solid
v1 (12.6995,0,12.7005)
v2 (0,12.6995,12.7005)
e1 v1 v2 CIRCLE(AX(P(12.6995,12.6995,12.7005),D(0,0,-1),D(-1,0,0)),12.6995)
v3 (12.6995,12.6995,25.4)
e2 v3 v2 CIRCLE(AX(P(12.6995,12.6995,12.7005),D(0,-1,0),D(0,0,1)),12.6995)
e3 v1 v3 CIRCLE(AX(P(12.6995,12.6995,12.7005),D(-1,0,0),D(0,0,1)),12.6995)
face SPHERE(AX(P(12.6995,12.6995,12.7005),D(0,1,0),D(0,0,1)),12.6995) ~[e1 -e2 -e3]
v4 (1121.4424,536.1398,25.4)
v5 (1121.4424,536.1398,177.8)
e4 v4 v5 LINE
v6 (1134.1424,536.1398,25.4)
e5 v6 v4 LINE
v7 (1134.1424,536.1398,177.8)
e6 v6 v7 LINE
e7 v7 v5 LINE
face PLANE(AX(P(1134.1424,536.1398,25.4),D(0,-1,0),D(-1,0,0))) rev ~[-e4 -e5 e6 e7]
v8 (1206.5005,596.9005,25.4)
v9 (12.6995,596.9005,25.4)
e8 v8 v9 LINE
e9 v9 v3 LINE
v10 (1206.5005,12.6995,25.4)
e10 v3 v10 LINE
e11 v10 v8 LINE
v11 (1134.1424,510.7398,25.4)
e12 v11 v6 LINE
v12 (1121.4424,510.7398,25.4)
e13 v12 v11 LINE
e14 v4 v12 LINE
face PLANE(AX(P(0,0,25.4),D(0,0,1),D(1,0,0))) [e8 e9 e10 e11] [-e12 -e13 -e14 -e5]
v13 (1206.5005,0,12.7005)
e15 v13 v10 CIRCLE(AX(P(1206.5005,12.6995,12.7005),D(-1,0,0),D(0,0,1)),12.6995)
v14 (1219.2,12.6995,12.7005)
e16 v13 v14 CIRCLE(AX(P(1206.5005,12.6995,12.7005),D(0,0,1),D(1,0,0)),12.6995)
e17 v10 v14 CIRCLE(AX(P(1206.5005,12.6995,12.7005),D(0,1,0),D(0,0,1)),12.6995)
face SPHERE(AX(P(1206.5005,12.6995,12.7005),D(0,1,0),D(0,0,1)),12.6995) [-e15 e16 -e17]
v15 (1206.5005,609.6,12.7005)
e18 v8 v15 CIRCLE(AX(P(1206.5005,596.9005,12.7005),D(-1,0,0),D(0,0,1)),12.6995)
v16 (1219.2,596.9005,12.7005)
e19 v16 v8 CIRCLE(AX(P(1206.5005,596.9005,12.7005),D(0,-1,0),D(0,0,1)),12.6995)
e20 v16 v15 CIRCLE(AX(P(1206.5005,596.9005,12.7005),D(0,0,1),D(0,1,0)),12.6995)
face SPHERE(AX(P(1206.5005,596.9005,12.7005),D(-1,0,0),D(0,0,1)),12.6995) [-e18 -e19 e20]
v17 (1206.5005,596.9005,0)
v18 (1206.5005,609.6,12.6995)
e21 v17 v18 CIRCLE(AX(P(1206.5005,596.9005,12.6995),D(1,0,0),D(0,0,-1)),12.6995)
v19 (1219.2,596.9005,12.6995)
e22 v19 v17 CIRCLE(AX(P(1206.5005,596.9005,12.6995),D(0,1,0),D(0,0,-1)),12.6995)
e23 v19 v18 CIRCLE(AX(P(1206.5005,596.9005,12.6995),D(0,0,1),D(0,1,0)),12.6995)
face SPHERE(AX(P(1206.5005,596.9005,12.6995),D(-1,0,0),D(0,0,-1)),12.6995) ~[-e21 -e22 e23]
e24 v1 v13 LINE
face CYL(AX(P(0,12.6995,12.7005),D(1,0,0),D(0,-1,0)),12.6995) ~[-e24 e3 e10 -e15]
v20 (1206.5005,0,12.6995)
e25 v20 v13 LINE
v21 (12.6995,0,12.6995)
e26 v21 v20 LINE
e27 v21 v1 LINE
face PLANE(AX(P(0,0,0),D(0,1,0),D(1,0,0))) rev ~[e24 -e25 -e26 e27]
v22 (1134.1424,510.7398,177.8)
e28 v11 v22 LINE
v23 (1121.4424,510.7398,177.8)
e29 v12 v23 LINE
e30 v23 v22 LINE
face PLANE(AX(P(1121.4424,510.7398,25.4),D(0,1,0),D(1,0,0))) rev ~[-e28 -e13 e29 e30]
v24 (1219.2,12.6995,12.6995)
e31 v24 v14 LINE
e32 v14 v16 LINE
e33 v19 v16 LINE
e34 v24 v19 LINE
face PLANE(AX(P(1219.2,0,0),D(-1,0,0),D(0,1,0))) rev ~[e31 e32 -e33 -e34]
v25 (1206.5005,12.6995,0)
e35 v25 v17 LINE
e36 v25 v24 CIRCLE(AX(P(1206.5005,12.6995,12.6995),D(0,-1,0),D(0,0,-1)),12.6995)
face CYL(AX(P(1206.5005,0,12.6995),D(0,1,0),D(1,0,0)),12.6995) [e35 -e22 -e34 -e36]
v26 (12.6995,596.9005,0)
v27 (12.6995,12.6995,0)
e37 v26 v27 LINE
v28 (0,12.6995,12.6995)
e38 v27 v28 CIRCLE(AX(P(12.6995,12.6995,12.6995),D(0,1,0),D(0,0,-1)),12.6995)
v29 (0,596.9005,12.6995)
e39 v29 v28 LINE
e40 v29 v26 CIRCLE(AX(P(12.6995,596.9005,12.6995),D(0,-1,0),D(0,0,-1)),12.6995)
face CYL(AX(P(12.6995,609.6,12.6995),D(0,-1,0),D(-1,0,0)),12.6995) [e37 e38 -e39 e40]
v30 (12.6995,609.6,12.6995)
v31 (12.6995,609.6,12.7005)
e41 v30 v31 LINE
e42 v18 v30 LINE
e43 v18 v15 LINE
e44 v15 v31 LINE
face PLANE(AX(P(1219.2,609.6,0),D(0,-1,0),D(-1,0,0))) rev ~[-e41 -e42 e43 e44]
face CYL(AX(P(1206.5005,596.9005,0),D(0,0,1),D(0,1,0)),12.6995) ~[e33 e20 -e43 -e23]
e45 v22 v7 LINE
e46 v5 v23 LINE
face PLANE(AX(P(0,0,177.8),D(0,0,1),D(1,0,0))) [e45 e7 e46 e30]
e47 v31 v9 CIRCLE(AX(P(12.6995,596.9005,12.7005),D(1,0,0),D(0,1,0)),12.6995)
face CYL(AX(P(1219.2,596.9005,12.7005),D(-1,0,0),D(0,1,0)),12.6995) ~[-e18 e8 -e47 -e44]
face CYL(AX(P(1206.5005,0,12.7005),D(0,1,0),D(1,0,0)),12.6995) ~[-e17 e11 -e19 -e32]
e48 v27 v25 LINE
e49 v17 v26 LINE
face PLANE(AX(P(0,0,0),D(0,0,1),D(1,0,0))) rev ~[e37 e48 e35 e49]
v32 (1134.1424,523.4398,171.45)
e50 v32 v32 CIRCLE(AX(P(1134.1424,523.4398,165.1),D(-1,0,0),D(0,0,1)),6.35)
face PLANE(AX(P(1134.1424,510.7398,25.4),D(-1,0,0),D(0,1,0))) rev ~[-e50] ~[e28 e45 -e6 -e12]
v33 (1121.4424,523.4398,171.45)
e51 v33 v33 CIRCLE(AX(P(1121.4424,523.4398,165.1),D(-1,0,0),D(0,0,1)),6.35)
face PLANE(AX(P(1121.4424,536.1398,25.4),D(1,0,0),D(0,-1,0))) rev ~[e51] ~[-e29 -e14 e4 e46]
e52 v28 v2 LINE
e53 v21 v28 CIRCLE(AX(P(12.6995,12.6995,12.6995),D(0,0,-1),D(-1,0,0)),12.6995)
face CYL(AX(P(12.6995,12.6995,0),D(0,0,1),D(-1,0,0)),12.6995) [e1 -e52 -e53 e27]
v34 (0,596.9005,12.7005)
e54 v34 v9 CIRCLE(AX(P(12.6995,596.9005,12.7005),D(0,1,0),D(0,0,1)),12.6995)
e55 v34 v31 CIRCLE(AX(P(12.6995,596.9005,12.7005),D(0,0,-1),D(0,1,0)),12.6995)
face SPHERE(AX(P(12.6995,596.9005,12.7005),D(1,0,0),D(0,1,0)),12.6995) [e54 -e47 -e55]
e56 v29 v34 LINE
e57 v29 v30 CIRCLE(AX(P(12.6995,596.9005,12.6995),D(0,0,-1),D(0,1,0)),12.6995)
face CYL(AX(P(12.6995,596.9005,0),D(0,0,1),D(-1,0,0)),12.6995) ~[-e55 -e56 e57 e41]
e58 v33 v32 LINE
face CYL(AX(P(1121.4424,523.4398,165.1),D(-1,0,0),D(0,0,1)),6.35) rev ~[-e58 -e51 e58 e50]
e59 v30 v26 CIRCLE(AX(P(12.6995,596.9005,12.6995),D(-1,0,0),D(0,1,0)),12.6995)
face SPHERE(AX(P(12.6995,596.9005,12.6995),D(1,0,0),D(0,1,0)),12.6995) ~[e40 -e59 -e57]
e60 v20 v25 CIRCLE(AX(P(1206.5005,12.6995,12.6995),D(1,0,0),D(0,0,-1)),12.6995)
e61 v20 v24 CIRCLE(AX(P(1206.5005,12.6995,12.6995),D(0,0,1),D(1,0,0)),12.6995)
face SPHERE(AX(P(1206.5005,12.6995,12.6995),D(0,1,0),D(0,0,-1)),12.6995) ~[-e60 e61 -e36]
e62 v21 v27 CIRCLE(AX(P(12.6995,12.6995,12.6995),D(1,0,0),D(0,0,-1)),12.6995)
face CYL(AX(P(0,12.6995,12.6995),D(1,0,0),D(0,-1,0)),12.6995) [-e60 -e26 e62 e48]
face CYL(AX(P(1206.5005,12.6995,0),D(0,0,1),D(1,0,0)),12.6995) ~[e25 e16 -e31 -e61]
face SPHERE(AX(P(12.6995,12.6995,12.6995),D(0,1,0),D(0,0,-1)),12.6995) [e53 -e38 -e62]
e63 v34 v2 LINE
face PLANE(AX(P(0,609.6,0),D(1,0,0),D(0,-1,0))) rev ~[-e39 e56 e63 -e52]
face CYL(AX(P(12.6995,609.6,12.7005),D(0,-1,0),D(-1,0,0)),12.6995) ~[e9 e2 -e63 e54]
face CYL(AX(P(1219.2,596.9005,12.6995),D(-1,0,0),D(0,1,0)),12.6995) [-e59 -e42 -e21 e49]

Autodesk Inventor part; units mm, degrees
ref_plane "YZ Plane" through (0, 0, 0) normal (1, 0, 0) x (0, 1, 0)
ref_plane "XZ Plane" through (0, 0, 0) normal (0, 1, 0) x (-1, 0, 0)
ref_plane "XY Plane" through (0, 0, 0) normal (0, 0, 1) x (1, 0, 0)
sketch "Sketch1" plane through (0, 0, 0) normal (0, 0, 1) x (1, 0, 0)
  line L0 (0, 0) -> (1219.2, 0)
  line L1 (1219.2, 0) -> (1219.2, 609.6)
  line L2 (1219.2, 609.6) -> (0, 609.6)
  line L3 (0, 609.6) -> (0, 0)
  dimension "d0" = 1219.2
  dimension "d1" = 609.6
extrude "Extrusion1" add sketch "Sketch1" along normal blind 25.4
fillet "Fillet1" radius 12.7 12 edges at (609.6, 609.6, 25.4) (609.6, 609.6, 0) (1219.2, 304.8, 25.4) (1219.2, 304.8, 0) (1219.2, 609.6, 12.7) (0, 609.6, 12.7) (0, 304.8, 25.4) (0, 304.8, 0) (609.6, 0, 0) (609.6, 0, 25.4) (0, 0, 12.7) (1219.2, 0, 12.7)
sketch "Sketch3" plane through (0, 0, 25.4) normal (0, 0, 1) x (1, 0, 0)
  line L0 (1134.1424, 536.1398) -> (1121.4424, 536.1398)
  line L1 (1121.4424, 536.1398) -> (1121.4424, 510.7398)
  line L2 (1121.4424, 510.7398) -> (1134.1424, 510.7398)
  line L3 (1134.1424, 510.7398) -> (1134.1424, 536.1398)
  point P0 (0, 0)
  dimension "d11" = 12.7
  dimension "d12" = 25.4
extrude "Extrusion3" add sketch "Sketch3" along normal blind 152.4
sketch "Sketch4" plane through (1121.4424, 510.7398, 25.4) normal (-1, 0, 0) x (0, 0, 1)
  circle A0 centre (139.7, 12.7) radius 6.35
  line L0 (0, 25.4) -> (152.4, 25.4) projected
  line L1 (0, 0) -> (152.4, 0) projected
  line L2 (152.4, 25.4) -> (152.4, 0) projected
  point P0 (-25.4, -510.7398)
  dimension "d15" = 12.7
  dimension "d16" = 25.4
  dimension "d17" = 12.7
  dimension "d18" = 12.7
extrude "Extrusion4" cut sketch "Sketch4" against normal through all
properties part number "BasePlate"
